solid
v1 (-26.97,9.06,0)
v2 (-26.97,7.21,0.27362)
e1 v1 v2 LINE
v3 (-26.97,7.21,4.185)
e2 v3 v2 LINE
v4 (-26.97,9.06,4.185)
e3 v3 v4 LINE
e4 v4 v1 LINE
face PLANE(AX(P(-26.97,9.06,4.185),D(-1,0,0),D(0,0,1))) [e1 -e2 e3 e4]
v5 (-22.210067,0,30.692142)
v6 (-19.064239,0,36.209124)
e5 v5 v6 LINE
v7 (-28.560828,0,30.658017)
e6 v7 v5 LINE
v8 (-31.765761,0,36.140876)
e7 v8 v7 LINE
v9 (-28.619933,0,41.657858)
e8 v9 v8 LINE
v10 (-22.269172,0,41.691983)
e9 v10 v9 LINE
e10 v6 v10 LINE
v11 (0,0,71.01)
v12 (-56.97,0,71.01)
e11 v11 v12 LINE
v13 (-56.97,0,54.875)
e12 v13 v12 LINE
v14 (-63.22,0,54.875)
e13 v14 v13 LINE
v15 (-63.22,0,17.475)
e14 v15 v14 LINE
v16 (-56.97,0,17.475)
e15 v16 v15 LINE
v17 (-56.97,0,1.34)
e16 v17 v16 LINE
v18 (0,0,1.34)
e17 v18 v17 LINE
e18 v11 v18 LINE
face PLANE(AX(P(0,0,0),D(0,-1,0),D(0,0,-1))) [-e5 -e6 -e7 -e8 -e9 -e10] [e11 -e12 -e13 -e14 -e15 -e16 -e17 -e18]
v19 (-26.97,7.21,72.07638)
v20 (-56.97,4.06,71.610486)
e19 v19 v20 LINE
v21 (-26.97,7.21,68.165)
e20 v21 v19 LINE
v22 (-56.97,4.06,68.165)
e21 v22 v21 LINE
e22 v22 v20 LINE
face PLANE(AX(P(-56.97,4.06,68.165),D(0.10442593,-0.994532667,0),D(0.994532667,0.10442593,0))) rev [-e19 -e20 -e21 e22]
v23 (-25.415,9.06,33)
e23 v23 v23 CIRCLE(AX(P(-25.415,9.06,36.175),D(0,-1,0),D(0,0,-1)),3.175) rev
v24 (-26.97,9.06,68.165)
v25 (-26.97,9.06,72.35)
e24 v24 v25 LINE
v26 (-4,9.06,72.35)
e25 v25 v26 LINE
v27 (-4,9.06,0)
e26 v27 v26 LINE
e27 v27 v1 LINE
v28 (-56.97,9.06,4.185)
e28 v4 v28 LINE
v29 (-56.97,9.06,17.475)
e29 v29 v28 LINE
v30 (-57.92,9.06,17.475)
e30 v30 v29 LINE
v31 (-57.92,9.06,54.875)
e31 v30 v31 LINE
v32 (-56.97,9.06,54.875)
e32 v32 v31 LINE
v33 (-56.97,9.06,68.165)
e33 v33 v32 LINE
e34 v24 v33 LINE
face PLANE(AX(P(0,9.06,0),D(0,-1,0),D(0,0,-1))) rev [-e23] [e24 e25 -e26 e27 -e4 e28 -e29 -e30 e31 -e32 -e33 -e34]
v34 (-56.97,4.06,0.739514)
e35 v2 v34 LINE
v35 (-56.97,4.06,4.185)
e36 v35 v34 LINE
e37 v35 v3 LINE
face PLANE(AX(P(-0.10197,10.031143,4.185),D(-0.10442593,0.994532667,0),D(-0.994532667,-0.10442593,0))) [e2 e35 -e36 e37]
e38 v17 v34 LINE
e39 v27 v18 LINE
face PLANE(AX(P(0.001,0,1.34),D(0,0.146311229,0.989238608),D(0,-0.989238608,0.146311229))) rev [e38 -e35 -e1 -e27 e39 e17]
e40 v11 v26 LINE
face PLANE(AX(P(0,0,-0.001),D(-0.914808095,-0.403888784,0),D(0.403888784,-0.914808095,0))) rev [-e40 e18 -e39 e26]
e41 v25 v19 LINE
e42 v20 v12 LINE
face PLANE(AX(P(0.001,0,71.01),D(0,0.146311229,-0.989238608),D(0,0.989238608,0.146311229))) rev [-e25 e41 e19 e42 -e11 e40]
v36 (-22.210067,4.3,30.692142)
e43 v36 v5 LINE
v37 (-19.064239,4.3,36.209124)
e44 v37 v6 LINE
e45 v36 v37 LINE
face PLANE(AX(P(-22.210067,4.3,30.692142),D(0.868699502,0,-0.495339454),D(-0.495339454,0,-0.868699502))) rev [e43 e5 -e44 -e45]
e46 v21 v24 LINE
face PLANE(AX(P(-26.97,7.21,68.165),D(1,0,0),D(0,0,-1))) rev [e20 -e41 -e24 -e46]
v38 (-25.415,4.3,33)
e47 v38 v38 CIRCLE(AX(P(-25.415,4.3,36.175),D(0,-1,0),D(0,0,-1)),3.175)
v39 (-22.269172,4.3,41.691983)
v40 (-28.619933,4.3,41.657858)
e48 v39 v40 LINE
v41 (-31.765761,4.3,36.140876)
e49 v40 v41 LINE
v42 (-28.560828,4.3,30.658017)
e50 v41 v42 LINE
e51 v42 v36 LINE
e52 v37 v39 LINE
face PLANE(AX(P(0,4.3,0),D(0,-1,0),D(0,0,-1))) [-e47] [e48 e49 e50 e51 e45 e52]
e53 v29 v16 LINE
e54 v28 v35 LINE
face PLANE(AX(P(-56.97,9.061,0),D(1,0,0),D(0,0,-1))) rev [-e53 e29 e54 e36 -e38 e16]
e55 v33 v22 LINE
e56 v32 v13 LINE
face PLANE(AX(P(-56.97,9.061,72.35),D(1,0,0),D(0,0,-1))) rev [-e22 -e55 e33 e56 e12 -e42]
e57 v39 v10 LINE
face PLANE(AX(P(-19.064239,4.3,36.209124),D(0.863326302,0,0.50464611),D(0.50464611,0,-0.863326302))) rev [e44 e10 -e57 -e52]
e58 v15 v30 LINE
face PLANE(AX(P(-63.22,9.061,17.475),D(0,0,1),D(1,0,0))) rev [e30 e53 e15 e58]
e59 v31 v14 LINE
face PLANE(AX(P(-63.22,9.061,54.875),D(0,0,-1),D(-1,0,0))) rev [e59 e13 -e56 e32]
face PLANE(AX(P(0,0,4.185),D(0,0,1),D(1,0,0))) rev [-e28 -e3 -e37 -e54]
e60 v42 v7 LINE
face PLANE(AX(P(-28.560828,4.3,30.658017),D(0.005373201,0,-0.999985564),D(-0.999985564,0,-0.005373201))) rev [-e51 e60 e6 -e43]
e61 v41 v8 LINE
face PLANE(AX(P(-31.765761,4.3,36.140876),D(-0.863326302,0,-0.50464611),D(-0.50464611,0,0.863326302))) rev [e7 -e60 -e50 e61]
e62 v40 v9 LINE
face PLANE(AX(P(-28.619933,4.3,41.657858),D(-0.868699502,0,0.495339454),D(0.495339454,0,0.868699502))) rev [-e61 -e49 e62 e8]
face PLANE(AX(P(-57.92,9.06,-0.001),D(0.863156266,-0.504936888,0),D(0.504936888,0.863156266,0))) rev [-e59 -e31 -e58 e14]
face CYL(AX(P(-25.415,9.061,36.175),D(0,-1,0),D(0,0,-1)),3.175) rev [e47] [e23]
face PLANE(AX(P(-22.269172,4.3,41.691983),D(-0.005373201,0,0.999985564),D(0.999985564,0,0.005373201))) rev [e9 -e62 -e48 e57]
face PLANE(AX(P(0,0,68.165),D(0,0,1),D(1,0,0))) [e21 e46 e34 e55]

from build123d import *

# Parameters (mm, degrees)
SKETCH1_W           = 63.22
SKETCH1_H           = 72.35
BOSS_EXTRUDE1_DEPTH = 9.06
CUT_EXTRUDE1_REACH  = 98.506
CUT_EXTRUDE2_REACH  = 98.506
SKETCH3_W           = 6.25
SKETCH3_H           = 17.475
CUT_EXTRUDE3_DEPTH  = 4.185
CUT_EXTRUDE4_START  = -72.35
CUT_EXTRUDE4_DEPTH  = 4.185
CUT_EXTRUDE6_REACH  = 98.506
CUT_EXTRUDE7_REACH  = 94.532
CUT_EXTRUDE8_REACH  = 98.506
SKETCH9_R           = 3.175
SKETCH9_3_R         = 3.175
CUT_EXTRUDE9_DEPTH  = 4.3


with BuildPart() as part:
    # Sketch1 → Boss-Extrude1 (new body)
    with BuildSketch(Plane(origin=(0, 0, 0), x_dir=(1, 0, 0), z_dir=(0, 1, 0))):
        with Locations((-31.61, -36.175)):
            Rectangle(SKETCH1_W, SKETCH1_H)
    extrude(amount=BOSS_EXTRUDE1_DEPTH)

    # Sketch2 → Cut-Extrude1 (cut, up to next)
    with BuildSketch(Plane.XY.offset(72.35), mode=Mode.PRIVATE) as cut_extrude1_sk1:
        Polygon((-63.22, 9.06), (-57.92, 9.06), (-63.22, 0), align=None)
    cut_extrude1_tool1 = extrude(cut_extrude1_sk1.sketch, amount=-CUT_EXTRUDE1_REACH, mode=Mode.PRIVATE) & part.part
    add(cut_extrude1_tool1.solids().sort_by_distance((-61.453333, 6.04, 72.35))[0], mode=Mode.SUBTRACT)

    # Sketch3 → Cut-Extrude2 (cut, up to next)
    with BuildSketch(Plane.XZ, mode=Mode.PRIVATE) as cut_extrude2_sk1:
        with Locations((-60.095, 63.6125)):
            Rectangle(SKETCH3_W, SKETCH3_H)
    cut_extrude2_tool1 = extrude(cut_extrude2_sk1.sketch, amount=-CUT_EXTRUDE2_REACH, mode=Mode.PRIVATE) & part.part
    # Sketch3 → Cut-Extrude2 (cut, up to next)
    with BuildSketch(Plane.XZ, mode=Mode.PRIVATE) as cut_extrude2_sk2:
        with Locations((-60.095, 8.7375)):
            Rectangle(SKETCH3_W, SKETCH3_H)
    cut_extrude2_tool2 = extrude(cut_extrude2_sk2.sketch, amount=-CUT_EXTRUDE2_REACH, mode=Mode.PRIVATE) & part.part
    add(cut_extrude2_tool1.solids().sort_by_distance((-60.095, 0, 63.6125))[0], mode=Mode.SUBTRACT)
    add(cut_extrude2_tool2.solids().sort_by_distance((-60.095, 0, 8.7375))[0], mode=Mode.SUBTRACT)

    # Sketch4 → Cut-Extrude3 (cut)
    with BuildSketch(Plane.XY.offset(72.35)):
        Polygon((-56.97, 9.06), (-56.97, 4.06), (-26.97, 7.21), (-26.97, 9.06), align=None)
    extrude(amount=-CUT_EXTRUDE3_DEPTH, mode=Mode.SUBTRACT)

    # Sketch4<2> → Cut-Extrude4 (cut)
    with BuildSketch(Plane.XY.offset(72.35).offset(CUT_EXTRUDE4_START)):
        Polygon((-56.97, 9.06), (-56.97, 4.06), (-26.97, 7.21), (-26.97, 9.06), align=None)
    extrude(amount=CUT_EXTRUDE4_DEPTH, mode=Mode.SUBTRACT)

    # Sketch7 → Cut-Extrude6 (cut, up to next)
    with BuildSketch(Plane.XY.offset(72.35), mode=Mode.PRIVATE) as cut_extrude6_sk1:
        Polygon((0, 0), (-4, 9.06), (0, 9.06), align=None)
    cut_extrude6_tool1 = extrude(cut_extrude6_sk1.sketch, amount=-CUT_EXTRUDE6_REACH, mode=Mode.PRIVATE) & part.part
    add(cut_extrude6_tool1.solids().sort_by_distance((-1.333333, 6.04, 72.35))[0], mode=Mode.SUBTRACT)

    # Sketch8 → Cut-Extrude7 (cut, up to next)
    with BuildSketch(Plane.ZY.offset(56.97), mode=Mode.PRIVATE) as cut_extrude7_sk1:
        Polygon((72.35, 0), (71.01, 0), (72.35, 9.06), align=None)
    cut_extrude7_tool1 = extrude(cut_extrude7_sk1.sketch, amount=-CUT_EXTRUDE7_REACH, mode=Mode.PRIVATE) & part.part
    # Sketch8 → Cut-Extrude7 (cut, up to next)
    with BuildSketch(Plane.ZY.offset(56.97), mode=Mode.PRIVATE) as cut_extrude7_sk2:
        Polygon((0, 0), (1.34, 0), (0, 9.06), align=None)
    cut_extrude7_tool2 = extrude(cut_extrude7_sk2.sketch, amount=-CUT_EXTRUDE7_REACH, mode=Mode.PRIVATE) & part.part
    add(cut_extrude7_tool1.solids().sort_by_distance((-56.97, 3.02, 71.903333))[0], mode=Mode.SUBTRACT)
    add(cut_extrude7_tool2.solids().sort_by_distance((-56.97, 3.02, 0.446667))[0], mode=Mode.SUBTRACT)

    # Sketch9 → Cut-Extrude8 (cut, up to next)
    with BuildSketch(Plane.XZ, mode=Mode.PRIVATE) as cut_extrude8_sk1:
        with Locations(Location((-25.415, 36.175, 0), (0, 0, 270))):
            Circle(SKETCH9_R)
    cut_extrude8_tool1 = extrude(cut_extrude8_sk1.sketch, amount=-CUT_EXTRUDE8_REACH, mode=Mode.PRIVATE) & part.part
    add(cut_extrude8_tool1.solids().sort_by_distance((-25.415, 0, 36.175))[0], mode=Mode.SUBTRACT)

    # Sketch9<3> → Cut-Extrude9 (cut)
    with BuildSketch(Plane.XZ):
        Polygon((-22.269171962, 41.691982807), (-28.619933244, 41.6578584), (-31.765761282, 36.140875593), (-28.560828038, 30.658017193), (-22.210066756, 30.6921416), (-19.064238718, 36.209124407), align=None)
        with Locations(Location((-25.415, 36.175, 0), (0, 0, 270))):
            Circle(SKETCH9_3_R, mode=Mode.SUBTRACT)
    extrude(amount=-CUT_EXTRUDE9_DEPTH, mode=Mode.SUBTRACT)


solid = part.part
